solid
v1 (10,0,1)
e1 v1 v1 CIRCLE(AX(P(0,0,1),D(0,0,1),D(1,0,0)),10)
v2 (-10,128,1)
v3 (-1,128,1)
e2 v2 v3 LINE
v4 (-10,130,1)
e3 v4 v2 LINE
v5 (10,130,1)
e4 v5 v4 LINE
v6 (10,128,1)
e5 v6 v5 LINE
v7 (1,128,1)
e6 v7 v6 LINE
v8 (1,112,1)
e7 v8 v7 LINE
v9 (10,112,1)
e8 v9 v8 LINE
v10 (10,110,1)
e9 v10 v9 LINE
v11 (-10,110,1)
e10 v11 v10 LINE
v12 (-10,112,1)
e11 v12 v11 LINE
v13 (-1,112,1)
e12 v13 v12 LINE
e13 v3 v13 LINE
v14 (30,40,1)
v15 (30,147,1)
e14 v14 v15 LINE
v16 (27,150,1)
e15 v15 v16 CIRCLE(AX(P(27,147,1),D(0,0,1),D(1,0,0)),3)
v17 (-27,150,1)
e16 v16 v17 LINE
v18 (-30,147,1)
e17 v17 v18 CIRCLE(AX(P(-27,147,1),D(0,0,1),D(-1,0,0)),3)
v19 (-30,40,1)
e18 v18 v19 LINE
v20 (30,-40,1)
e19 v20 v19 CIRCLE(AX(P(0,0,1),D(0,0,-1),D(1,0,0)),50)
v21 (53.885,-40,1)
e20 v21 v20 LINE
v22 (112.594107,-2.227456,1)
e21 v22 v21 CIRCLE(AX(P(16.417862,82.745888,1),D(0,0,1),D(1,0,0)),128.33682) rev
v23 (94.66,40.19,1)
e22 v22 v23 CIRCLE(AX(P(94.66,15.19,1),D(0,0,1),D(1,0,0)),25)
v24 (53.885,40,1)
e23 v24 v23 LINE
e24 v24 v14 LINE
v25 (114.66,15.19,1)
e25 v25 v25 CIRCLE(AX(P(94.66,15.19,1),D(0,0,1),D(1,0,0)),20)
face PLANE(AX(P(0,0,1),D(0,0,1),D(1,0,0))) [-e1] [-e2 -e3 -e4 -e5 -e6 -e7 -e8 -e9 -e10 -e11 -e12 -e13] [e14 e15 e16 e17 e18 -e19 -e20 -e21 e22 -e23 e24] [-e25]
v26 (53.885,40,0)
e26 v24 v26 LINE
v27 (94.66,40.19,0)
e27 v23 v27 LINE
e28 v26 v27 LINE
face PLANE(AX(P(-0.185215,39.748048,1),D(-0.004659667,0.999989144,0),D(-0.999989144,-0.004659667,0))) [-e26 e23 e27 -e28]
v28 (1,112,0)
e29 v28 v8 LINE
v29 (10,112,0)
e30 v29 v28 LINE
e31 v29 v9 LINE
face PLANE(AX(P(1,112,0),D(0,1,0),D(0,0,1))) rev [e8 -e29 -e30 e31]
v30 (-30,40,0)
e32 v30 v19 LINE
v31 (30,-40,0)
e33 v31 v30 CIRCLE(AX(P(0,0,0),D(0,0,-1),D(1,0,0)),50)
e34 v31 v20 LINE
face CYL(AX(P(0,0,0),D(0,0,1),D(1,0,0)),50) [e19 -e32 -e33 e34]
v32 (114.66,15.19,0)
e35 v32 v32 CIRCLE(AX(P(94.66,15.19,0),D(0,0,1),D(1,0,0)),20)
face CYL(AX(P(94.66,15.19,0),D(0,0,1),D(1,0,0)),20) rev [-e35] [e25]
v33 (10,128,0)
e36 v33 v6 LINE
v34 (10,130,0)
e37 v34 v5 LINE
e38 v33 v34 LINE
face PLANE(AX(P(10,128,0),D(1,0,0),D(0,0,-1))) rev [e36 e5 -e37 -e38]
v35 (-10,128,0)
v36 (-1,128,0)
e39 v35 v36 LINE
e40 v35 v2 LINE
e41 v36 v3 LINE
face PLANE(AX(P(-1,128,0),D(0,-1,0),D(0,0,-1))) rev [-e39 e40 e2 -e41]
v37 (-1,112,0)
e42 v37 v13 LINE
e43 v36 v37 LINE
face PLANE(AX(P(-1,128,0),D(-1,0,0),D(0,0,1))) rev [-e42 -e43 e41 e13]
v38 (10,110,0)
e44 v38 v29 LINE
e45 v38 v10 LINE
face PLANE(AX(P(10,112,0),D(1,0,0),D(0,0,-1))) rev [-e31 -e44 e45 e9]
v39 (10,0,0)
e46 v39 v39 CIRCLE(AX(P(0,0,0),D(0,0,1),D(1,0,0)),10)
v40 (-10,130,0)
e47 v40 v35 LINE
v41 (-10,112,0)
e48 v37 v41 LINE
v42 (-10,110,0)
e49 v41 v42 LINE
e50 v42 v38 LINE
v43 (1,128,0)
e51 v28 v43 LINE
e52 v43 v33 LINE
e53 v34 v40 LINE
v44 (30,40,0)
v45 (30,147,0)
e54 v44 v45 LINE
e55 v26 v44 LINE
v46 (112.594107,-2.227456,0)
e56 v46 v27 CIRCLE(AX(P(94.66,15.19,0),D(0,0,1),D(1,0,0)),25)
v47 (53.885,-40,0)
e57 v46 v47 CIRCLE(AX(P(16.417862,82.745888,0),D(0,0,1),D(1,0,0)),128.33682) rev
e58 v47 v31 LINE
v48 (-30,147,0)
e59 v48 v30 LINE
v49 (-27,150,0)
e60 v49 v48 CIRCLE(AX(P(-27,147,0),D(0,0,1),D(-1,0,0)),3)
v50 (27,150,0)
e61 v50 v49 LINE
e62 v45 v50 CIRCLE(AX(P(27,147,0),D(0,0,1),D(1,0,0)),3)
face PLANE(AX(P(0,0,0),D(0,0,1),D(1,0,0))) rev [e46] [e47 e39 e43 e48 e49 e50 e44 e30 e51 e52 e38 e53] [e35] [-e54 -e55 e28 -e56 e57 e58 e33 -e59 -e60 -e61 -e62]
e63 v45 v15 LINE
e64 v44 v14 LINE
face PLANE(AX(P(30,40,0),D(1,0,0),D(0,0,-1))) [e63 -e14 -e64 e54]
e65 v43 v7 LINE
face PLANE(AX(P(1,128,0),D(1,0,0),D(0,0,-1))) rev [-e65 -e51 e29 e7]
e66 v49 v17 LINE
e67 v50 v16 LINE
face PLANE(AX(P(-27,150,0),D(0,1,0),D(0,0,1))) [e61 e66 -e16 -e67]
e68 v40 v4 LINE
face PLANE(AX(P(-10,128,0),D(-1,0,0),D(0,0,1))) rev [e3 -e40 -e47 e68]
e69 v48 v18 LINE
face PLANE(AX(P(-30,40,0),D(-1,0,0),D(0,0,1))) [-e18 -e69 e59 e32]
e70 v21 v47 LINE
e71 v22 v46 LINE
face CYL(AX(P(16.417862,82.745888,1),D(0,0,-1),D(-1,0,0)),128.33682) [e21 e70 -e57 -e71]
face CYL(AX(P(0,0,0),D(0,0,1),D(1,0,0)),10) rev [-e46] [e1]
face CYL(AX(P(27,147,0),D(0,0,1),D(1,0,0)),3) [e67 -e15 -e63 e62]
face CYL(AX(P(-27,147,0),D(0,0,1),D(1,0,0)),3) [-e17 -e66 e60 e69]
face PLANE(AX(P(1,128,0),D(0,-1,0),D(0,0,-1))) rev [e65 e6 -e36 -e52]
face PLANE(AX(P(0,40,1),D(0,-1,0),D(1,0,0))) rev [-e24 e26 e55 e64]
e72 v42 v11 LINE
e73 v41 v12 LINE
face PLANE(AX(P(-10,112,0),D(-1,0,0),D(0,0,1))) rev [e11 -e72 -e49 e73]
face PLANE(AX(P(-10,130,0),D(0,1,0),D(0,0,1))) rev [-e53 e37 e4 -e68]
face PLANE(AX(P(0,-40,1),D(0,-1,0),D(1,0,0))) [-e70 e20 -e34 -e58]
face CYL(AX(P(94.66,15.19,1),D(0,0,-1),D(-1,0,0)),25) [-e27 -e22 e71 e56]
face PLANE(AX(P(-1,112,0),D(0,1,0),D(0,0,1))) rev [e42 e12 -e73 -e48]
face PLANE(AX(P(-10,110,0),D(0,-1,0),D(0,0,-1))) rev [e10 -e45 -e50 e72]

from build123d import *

# Parameters (mm, degrees)
SKETCH1_R           = 10
BOSS_EXTRUDE1_DEPTH = 1
SKETCH2_R           = 10
CUT_EXTRUDE1_DEPTH  = 1
SKETCH3_R           = 20
CUT_EXTRUDE2_DEPTH  = 1
CUT_EXTRUDE3_DEPTH  = 127.23292637
BOSS_EXTRUDE2_DEPTH = 1
BOSS_EXTRUDE4_DEPTH = 1


with BuildPart() as part:
    # Sketch1 → Boss-Extrude1 (new body)
    with BuildSketch(Plane.XY):
        with BuildLine():
            Line((94.42701916, 40.188914375), (53.885, 40))
            Line((53.885, 40), (-53.885, 40))
            Line((-53.885, 40), (-53.885, -40))
            Line((-53.885, -40), (53.885, -40))
            ThreePointArc((53.885, -40), (85.857258243, -25.182373866), (112.594107484, -2.227456438))
            ThreePointArc((112.594107484, -2.227456438), (117.686467499, 24.925594205), (94.66, 40.19))
            Line((94.66, 40.19), (94.42701916, 40.188914375))
        make_face()
        with Locations((91.76, 19.26)):
            Circle(SKETCH1_R, mode=Mode.SUBTRACT)
    extrude(amount=BOSS_EXTRUDE1_DEPTH)

    # Sketch2 → Cut-Extrude1 (cut)
    with BuildSketch(Plane.XY.offset(1)):
        Circle(SKETCH2_R)
    extrude(amount=-CUT_EXTRUDE1_DEPTH, mode=Mode.SUBTRACT)

    # Sketch3 → Cut-Extrude2 (cut)
    with BuildSketch(Plane.XY.offset(1)):
        with Locations((94.66, 15.19)):
            Circle(SKETCH3_R)
    extrude(amount=-CUT_EXTRUDE2_DEPTH, mode=Mode.SUBTRACT)

    # Sketch4 → Cut-Extrude3 (cut, through all)
    with BuildSketch(Plane.XY.offset(1)):
        with BuildLine():
            Line((-53.885, 40), (-30, 40))
            ThreePointArc((-30, 40), (-50, 0), (-30, -40))
            Line((-30, -40), (-53.885, -40))
            Line((-53.885, -40), (-53.885, 40))
        make_face()
    extrude(amount=-CUT_EXTRUDE3_DEPTH, mode=Mode.SUBTRACT)

    # Sketch5 → Boss-Extrude2 (add)
    with BuildSketch(Plane.XY.offset(1)):
        with BuildLine():
            Line((-30, -40), (30, -40))
            ThreePointArc((30, -40), (0, -50), (-30, -40))
        make_face()
    extrude(amount=-BOSS_EXTRUDE2_DEPTH)

    # Sketch6 → Boss-Extrude4 (add)
    with BuildSketch(Plane.XY.offset(1)):
        with BuildLine():
            Line((-30, 40), (-30, 147))
            ThreePointArc((-30, 147), (-29.121320344, 149.121320344), (-27, 150))
            Line((-27, 150), (27, 150))
            ThreePointArc((27, 150), (29.121320344, 149.121320344), (30, 147))
            Line((30, 147), (30, 40))
            Line((30, 40), (-30, 40))
        make_face()
        Polygon((-1, 128), (-1, 112), (-10, 112), (-10, 110), (10, 110), (10, 112), (1, 112), (1, 128), (10, 128), (10, 130), (-10, 130), (-10, 128), align=None, mode=Mode.SUBTRACT)
    extrude(amount=-BOSS_EXTRUDE4_DEPTH)


solid = part.part
